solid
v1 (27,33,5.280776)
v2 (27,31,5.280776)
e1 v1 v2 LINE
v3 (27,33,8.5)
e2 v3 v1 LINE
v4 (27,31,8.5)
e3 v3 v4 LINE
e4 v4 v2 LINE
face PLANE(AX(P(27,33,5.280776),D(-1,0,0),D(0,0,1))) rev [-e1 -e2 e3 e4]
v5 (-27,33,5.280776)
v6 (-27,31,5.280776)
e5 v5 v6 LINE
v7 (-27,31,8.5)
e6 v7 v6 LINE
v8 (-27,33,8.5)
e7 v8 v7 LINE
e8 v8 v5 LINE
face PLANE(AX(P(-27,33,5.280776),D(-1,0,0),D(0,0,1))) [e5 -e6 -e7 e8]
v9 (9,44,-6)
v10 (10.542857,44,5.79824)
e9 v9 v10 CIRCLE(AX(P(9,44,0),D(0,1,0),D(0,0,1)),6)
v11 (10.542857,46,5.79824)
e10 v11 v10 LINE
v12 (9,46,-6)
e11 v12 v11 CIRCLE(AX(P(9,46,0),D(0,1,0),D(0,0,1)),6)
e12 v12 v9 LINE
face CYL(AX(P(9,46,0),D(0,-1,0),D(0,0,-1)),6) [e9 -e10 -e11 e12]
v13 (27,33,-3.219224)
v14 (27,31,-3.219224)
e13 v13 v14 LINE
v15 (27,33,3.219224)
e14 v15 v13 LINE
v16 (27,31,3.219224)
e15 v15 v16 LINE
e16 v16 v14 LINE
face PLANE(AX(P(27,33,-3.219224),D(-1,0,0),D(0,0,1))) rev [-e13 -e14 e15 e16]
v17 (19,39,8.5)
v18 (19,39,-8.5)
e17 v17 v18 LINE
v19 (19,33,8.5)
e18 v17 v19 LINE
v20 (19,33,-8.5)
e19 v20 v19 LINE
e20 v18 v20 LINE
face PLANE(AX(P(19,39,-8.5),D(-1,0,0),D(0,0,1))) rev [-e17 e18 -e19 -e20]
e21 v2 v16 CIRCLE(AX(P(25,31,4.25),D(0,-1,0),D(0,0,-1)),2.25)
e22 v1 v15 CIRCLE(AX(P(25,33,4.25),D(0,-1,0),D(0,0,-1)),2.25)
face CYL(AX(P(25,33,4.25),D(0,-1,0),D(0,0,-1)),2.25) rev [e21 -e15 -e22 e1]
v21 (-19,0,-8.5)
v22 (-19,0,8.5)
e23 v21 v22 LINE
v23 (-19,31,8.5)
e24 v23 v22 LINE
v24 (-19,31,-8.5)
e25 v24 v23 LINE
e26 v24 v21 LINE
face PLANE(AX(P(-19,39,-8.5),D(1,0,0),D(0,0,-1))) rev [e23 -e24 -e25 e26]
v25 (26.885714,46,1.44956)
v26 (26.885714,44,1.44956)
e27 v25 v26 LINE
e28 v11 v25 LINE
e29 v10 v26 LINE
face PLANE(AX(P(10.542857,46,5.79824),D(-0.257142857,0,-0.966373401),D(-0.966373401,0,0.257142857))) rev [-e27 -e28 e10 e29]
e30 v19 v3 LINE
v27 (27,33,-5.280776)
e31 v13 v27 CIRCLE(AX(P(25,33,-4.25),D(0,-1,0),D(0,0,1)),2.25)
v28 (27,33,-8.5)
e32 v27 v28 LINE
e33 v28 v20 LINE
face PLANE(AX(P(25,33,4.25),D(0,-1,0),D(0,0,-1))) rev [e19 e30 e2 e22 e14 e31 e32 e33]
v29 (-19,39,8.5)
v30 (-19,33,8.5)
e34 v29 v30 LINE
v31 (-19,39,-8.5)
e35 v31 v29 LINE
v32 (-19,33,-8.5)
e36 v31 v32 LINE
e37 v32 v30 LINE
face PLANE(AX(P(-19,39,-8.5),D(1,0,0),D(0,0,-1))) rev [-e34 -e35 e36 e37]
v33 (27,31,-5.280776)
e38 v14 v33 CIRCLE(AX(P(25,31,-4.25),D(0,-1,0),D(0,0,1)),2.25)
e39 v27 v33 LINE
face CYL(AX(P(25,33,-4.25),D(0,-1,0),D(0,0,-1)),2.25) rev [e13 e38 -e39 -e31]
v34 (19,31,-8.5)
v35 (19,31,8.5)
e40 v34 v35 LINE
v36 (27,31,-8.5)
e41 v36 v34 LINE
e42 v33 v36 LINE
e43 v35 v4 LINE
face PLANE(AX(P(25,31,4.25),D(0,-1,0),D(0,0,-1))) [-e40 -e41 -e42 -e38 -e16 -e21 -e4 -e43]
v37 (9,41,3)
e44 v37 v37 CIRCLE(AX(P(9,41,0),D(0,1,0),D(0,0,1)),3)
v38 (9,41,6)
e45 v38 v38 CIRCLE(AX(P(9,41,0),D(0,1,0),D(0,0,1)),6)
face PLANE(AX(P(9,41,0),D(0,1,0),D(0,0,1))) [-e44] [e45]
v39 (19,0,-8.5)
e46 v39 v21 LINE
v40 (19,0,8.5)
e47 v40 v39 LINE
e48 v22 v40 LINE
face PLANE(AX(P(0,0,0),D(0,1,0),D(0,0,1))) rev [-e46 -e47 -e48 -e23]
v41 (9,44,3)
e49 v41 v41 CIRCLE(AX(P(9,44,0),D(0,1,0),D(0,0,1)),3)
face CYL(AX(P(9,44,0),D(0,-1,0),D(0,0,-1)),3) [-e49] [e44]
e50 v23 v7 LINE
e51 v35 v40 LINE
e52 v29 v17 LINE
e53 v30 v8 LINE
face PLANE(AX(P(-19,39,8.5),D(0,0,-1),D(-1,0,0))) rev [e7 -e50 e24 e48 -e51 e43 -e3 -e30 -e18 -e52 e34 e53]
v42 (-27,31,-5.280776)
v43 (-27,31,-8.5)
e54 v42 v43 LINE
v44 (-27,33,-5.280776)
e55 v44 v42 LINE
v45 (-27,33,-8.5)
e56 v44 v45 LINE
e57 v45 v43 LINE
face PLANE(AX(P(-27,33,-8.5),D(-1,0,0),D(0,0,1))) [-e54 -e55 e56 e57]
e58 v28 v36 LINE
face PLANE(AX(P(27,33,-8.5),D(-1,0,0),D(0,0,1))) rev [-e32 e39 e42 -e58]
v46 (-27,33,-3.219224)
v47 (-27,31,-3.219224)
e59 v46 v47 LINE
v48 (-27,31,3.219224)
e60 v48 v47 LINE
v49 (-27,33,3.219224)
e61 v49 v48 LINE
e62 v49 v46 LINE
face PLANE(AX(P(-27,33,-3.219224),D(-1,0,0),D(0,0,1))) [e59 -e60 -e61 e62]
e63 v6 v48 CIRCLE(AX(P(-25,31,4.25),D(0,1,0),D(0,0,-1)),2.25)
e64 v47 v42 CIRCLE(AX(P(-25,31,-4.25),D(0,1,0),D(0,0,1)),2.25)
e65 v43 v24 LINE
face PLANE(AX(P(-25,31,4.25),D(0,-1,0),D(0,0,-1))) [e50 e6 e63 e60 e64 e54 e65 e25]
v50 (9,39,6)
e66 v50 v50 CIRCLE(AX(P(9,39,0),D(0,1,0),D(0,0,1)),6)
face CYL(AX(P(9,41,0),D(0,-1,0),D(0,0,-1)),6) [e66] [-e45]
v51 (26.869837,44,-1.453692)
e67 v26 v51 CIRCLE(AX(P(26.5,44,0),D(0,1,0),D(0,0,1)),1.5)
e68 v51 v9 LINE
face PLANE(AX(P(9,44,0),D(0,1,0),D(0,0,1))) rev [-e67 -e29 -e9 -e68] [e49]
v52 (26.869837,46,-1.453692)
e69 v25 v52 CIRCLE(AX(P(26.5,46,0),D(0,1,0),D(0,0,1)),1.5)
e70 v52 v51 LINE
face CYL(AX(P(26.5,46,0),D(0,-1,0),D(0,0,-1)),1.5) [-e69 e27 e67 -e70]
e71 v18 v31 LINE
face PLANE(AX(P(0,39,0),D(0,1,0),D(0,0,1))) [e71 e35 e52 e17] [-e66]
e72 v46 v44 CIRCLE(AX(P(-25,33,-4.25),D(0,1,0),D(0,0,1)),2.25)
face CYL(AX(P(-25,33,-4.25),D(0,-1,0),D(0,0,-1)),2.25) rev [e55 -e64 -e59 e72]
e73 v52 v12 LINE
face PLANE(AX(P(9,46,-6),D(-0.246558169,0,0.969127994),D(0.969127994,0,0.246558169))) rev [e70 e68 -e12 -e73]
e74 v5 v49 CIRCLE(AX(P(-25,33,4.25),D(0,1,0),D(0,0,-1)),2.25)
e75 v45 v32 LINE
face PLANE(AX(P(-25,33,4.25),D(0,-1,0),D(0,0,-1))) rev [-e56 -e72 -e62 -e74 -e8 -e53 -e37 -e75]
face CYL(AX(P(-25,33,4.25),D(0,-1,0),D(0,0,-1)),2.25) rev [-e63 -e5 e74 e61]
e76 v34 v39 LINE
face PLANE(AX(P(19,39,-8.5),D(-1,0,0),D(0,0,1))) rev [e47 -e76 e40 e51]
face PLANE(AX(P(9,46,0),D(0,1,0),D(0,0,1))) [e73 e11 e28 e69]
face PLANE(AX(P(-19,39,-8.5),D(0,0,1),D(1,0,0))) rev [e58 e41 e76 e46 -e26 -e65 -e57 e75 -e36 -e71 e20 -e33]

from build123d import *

# Parameters (mm, degrees)
SKETCH1_W           = 38
SKETCH1_H           = 17
BOSS_EXTRUDE1_DEPTH = 39
BOSS_EXTRUDE2_DEPTH = 2
SKETCH3_R           = 6
BOSS_EXTRUDE3_DEPTH = 2
SKETCH4_R           = 3
BOSS_EXTRUDE4_DEPTH = 3
BOSS_EXTRUDE5_DEPTH = 2


with BuildPart() as part:
    # Sketch1 → Boss-Extrude1 (new body)
    with BuildSketch(Plane(origin=(0, 0, 0), x_dir=(1, 0, 0), z_dir=(0, 1, 0))):
        Rectangle(SKETCH1_W, SKETCH1_H)
    extrude(amount=BOSS_EXTRUDE1_DEPTH)

    # Sketch2 → Boss-Extrude2 (add)
    with BuildSketch(Plane(origin=(0, 31, 0), x_dir=(1, 0, 0), z_dir=(0, 1, 0))):
        with BuildLine():
            Line((19, 8.5), (27, 8.5))
            Line((27, 8.5), (27, 5.280776406))
            ThreePointArc((27, 5.280776406), (22.75, 4.25), (27, 3.219223594))
            Line((27, 3.219223594), (27, -3.219223594))
            ThreePointArc((27, -3.219223594), (22.75, -4.25), (27, -5.280776406))
            Line((27, -5.280776406), (27, -8.5))
            Line((27, -8.5), (19, -8.5))
            Line((19, -8.5), (19, 8.5))
        make_face()
    boss_extrude2 = extrude(amount=BOSS_EXTRUDE2_DEPTH)

    # Mirror1: Boss-Extrude2 across plane
    add(boss_extrude2.mirror(Plane(origin=(0, 0, 0), x_dir=(0, 0, 1), z_dir=(1, 0, 0))))

    # Sketch3 → Boss-Extrude3 (add)
    with BuildSketch(Plane(origin=(0, 39, 0), x_dir=(1, 0, 0), z_dir=(0, 1, 0))):
        with Locations((9, 0)):
            Circle(SKETCH3_R)
    extrude(amount=BOSS_EXTRUDE3_DEPTH)

    # Sketch4 → Boss-Extrude4 (add)
    with BuildSketch(Plane(origin=(0, 41, 0), x_dir=(1, 0, 0), z_dir=(0, 1, 0))):
        with Locations((9, 0)):
            Circle(SKETCH4_R)
    extrude(amount=BOSS_EXTRUDE4_DEPTH)

    # Sketch5 → Boss-Extrude5 (add)
    with BuildSketch(Plane(origin=(0, 44, 0), x_dir=(1, 0, 0), z_dir=(0, 1, 0))):
        with BuildLine():
            Line((9, 6), (26.869837254, 1.453691991))
            ThreePointArc((26.869837254, 1.453691991), (27.99997757, 0.008202936), (26.885714286, -1.449560102))
            Line((26.885714286, -1.449560102), (10.542857143, -5.798240409))
            ThreePointArc((10.542857143, -5.798240409), (3.050653714, -0.777996641), (9, 6))
        make_face()
    extrude(amount=BOSS_EXTRUDE5_DEPTH)


solid = part.part
